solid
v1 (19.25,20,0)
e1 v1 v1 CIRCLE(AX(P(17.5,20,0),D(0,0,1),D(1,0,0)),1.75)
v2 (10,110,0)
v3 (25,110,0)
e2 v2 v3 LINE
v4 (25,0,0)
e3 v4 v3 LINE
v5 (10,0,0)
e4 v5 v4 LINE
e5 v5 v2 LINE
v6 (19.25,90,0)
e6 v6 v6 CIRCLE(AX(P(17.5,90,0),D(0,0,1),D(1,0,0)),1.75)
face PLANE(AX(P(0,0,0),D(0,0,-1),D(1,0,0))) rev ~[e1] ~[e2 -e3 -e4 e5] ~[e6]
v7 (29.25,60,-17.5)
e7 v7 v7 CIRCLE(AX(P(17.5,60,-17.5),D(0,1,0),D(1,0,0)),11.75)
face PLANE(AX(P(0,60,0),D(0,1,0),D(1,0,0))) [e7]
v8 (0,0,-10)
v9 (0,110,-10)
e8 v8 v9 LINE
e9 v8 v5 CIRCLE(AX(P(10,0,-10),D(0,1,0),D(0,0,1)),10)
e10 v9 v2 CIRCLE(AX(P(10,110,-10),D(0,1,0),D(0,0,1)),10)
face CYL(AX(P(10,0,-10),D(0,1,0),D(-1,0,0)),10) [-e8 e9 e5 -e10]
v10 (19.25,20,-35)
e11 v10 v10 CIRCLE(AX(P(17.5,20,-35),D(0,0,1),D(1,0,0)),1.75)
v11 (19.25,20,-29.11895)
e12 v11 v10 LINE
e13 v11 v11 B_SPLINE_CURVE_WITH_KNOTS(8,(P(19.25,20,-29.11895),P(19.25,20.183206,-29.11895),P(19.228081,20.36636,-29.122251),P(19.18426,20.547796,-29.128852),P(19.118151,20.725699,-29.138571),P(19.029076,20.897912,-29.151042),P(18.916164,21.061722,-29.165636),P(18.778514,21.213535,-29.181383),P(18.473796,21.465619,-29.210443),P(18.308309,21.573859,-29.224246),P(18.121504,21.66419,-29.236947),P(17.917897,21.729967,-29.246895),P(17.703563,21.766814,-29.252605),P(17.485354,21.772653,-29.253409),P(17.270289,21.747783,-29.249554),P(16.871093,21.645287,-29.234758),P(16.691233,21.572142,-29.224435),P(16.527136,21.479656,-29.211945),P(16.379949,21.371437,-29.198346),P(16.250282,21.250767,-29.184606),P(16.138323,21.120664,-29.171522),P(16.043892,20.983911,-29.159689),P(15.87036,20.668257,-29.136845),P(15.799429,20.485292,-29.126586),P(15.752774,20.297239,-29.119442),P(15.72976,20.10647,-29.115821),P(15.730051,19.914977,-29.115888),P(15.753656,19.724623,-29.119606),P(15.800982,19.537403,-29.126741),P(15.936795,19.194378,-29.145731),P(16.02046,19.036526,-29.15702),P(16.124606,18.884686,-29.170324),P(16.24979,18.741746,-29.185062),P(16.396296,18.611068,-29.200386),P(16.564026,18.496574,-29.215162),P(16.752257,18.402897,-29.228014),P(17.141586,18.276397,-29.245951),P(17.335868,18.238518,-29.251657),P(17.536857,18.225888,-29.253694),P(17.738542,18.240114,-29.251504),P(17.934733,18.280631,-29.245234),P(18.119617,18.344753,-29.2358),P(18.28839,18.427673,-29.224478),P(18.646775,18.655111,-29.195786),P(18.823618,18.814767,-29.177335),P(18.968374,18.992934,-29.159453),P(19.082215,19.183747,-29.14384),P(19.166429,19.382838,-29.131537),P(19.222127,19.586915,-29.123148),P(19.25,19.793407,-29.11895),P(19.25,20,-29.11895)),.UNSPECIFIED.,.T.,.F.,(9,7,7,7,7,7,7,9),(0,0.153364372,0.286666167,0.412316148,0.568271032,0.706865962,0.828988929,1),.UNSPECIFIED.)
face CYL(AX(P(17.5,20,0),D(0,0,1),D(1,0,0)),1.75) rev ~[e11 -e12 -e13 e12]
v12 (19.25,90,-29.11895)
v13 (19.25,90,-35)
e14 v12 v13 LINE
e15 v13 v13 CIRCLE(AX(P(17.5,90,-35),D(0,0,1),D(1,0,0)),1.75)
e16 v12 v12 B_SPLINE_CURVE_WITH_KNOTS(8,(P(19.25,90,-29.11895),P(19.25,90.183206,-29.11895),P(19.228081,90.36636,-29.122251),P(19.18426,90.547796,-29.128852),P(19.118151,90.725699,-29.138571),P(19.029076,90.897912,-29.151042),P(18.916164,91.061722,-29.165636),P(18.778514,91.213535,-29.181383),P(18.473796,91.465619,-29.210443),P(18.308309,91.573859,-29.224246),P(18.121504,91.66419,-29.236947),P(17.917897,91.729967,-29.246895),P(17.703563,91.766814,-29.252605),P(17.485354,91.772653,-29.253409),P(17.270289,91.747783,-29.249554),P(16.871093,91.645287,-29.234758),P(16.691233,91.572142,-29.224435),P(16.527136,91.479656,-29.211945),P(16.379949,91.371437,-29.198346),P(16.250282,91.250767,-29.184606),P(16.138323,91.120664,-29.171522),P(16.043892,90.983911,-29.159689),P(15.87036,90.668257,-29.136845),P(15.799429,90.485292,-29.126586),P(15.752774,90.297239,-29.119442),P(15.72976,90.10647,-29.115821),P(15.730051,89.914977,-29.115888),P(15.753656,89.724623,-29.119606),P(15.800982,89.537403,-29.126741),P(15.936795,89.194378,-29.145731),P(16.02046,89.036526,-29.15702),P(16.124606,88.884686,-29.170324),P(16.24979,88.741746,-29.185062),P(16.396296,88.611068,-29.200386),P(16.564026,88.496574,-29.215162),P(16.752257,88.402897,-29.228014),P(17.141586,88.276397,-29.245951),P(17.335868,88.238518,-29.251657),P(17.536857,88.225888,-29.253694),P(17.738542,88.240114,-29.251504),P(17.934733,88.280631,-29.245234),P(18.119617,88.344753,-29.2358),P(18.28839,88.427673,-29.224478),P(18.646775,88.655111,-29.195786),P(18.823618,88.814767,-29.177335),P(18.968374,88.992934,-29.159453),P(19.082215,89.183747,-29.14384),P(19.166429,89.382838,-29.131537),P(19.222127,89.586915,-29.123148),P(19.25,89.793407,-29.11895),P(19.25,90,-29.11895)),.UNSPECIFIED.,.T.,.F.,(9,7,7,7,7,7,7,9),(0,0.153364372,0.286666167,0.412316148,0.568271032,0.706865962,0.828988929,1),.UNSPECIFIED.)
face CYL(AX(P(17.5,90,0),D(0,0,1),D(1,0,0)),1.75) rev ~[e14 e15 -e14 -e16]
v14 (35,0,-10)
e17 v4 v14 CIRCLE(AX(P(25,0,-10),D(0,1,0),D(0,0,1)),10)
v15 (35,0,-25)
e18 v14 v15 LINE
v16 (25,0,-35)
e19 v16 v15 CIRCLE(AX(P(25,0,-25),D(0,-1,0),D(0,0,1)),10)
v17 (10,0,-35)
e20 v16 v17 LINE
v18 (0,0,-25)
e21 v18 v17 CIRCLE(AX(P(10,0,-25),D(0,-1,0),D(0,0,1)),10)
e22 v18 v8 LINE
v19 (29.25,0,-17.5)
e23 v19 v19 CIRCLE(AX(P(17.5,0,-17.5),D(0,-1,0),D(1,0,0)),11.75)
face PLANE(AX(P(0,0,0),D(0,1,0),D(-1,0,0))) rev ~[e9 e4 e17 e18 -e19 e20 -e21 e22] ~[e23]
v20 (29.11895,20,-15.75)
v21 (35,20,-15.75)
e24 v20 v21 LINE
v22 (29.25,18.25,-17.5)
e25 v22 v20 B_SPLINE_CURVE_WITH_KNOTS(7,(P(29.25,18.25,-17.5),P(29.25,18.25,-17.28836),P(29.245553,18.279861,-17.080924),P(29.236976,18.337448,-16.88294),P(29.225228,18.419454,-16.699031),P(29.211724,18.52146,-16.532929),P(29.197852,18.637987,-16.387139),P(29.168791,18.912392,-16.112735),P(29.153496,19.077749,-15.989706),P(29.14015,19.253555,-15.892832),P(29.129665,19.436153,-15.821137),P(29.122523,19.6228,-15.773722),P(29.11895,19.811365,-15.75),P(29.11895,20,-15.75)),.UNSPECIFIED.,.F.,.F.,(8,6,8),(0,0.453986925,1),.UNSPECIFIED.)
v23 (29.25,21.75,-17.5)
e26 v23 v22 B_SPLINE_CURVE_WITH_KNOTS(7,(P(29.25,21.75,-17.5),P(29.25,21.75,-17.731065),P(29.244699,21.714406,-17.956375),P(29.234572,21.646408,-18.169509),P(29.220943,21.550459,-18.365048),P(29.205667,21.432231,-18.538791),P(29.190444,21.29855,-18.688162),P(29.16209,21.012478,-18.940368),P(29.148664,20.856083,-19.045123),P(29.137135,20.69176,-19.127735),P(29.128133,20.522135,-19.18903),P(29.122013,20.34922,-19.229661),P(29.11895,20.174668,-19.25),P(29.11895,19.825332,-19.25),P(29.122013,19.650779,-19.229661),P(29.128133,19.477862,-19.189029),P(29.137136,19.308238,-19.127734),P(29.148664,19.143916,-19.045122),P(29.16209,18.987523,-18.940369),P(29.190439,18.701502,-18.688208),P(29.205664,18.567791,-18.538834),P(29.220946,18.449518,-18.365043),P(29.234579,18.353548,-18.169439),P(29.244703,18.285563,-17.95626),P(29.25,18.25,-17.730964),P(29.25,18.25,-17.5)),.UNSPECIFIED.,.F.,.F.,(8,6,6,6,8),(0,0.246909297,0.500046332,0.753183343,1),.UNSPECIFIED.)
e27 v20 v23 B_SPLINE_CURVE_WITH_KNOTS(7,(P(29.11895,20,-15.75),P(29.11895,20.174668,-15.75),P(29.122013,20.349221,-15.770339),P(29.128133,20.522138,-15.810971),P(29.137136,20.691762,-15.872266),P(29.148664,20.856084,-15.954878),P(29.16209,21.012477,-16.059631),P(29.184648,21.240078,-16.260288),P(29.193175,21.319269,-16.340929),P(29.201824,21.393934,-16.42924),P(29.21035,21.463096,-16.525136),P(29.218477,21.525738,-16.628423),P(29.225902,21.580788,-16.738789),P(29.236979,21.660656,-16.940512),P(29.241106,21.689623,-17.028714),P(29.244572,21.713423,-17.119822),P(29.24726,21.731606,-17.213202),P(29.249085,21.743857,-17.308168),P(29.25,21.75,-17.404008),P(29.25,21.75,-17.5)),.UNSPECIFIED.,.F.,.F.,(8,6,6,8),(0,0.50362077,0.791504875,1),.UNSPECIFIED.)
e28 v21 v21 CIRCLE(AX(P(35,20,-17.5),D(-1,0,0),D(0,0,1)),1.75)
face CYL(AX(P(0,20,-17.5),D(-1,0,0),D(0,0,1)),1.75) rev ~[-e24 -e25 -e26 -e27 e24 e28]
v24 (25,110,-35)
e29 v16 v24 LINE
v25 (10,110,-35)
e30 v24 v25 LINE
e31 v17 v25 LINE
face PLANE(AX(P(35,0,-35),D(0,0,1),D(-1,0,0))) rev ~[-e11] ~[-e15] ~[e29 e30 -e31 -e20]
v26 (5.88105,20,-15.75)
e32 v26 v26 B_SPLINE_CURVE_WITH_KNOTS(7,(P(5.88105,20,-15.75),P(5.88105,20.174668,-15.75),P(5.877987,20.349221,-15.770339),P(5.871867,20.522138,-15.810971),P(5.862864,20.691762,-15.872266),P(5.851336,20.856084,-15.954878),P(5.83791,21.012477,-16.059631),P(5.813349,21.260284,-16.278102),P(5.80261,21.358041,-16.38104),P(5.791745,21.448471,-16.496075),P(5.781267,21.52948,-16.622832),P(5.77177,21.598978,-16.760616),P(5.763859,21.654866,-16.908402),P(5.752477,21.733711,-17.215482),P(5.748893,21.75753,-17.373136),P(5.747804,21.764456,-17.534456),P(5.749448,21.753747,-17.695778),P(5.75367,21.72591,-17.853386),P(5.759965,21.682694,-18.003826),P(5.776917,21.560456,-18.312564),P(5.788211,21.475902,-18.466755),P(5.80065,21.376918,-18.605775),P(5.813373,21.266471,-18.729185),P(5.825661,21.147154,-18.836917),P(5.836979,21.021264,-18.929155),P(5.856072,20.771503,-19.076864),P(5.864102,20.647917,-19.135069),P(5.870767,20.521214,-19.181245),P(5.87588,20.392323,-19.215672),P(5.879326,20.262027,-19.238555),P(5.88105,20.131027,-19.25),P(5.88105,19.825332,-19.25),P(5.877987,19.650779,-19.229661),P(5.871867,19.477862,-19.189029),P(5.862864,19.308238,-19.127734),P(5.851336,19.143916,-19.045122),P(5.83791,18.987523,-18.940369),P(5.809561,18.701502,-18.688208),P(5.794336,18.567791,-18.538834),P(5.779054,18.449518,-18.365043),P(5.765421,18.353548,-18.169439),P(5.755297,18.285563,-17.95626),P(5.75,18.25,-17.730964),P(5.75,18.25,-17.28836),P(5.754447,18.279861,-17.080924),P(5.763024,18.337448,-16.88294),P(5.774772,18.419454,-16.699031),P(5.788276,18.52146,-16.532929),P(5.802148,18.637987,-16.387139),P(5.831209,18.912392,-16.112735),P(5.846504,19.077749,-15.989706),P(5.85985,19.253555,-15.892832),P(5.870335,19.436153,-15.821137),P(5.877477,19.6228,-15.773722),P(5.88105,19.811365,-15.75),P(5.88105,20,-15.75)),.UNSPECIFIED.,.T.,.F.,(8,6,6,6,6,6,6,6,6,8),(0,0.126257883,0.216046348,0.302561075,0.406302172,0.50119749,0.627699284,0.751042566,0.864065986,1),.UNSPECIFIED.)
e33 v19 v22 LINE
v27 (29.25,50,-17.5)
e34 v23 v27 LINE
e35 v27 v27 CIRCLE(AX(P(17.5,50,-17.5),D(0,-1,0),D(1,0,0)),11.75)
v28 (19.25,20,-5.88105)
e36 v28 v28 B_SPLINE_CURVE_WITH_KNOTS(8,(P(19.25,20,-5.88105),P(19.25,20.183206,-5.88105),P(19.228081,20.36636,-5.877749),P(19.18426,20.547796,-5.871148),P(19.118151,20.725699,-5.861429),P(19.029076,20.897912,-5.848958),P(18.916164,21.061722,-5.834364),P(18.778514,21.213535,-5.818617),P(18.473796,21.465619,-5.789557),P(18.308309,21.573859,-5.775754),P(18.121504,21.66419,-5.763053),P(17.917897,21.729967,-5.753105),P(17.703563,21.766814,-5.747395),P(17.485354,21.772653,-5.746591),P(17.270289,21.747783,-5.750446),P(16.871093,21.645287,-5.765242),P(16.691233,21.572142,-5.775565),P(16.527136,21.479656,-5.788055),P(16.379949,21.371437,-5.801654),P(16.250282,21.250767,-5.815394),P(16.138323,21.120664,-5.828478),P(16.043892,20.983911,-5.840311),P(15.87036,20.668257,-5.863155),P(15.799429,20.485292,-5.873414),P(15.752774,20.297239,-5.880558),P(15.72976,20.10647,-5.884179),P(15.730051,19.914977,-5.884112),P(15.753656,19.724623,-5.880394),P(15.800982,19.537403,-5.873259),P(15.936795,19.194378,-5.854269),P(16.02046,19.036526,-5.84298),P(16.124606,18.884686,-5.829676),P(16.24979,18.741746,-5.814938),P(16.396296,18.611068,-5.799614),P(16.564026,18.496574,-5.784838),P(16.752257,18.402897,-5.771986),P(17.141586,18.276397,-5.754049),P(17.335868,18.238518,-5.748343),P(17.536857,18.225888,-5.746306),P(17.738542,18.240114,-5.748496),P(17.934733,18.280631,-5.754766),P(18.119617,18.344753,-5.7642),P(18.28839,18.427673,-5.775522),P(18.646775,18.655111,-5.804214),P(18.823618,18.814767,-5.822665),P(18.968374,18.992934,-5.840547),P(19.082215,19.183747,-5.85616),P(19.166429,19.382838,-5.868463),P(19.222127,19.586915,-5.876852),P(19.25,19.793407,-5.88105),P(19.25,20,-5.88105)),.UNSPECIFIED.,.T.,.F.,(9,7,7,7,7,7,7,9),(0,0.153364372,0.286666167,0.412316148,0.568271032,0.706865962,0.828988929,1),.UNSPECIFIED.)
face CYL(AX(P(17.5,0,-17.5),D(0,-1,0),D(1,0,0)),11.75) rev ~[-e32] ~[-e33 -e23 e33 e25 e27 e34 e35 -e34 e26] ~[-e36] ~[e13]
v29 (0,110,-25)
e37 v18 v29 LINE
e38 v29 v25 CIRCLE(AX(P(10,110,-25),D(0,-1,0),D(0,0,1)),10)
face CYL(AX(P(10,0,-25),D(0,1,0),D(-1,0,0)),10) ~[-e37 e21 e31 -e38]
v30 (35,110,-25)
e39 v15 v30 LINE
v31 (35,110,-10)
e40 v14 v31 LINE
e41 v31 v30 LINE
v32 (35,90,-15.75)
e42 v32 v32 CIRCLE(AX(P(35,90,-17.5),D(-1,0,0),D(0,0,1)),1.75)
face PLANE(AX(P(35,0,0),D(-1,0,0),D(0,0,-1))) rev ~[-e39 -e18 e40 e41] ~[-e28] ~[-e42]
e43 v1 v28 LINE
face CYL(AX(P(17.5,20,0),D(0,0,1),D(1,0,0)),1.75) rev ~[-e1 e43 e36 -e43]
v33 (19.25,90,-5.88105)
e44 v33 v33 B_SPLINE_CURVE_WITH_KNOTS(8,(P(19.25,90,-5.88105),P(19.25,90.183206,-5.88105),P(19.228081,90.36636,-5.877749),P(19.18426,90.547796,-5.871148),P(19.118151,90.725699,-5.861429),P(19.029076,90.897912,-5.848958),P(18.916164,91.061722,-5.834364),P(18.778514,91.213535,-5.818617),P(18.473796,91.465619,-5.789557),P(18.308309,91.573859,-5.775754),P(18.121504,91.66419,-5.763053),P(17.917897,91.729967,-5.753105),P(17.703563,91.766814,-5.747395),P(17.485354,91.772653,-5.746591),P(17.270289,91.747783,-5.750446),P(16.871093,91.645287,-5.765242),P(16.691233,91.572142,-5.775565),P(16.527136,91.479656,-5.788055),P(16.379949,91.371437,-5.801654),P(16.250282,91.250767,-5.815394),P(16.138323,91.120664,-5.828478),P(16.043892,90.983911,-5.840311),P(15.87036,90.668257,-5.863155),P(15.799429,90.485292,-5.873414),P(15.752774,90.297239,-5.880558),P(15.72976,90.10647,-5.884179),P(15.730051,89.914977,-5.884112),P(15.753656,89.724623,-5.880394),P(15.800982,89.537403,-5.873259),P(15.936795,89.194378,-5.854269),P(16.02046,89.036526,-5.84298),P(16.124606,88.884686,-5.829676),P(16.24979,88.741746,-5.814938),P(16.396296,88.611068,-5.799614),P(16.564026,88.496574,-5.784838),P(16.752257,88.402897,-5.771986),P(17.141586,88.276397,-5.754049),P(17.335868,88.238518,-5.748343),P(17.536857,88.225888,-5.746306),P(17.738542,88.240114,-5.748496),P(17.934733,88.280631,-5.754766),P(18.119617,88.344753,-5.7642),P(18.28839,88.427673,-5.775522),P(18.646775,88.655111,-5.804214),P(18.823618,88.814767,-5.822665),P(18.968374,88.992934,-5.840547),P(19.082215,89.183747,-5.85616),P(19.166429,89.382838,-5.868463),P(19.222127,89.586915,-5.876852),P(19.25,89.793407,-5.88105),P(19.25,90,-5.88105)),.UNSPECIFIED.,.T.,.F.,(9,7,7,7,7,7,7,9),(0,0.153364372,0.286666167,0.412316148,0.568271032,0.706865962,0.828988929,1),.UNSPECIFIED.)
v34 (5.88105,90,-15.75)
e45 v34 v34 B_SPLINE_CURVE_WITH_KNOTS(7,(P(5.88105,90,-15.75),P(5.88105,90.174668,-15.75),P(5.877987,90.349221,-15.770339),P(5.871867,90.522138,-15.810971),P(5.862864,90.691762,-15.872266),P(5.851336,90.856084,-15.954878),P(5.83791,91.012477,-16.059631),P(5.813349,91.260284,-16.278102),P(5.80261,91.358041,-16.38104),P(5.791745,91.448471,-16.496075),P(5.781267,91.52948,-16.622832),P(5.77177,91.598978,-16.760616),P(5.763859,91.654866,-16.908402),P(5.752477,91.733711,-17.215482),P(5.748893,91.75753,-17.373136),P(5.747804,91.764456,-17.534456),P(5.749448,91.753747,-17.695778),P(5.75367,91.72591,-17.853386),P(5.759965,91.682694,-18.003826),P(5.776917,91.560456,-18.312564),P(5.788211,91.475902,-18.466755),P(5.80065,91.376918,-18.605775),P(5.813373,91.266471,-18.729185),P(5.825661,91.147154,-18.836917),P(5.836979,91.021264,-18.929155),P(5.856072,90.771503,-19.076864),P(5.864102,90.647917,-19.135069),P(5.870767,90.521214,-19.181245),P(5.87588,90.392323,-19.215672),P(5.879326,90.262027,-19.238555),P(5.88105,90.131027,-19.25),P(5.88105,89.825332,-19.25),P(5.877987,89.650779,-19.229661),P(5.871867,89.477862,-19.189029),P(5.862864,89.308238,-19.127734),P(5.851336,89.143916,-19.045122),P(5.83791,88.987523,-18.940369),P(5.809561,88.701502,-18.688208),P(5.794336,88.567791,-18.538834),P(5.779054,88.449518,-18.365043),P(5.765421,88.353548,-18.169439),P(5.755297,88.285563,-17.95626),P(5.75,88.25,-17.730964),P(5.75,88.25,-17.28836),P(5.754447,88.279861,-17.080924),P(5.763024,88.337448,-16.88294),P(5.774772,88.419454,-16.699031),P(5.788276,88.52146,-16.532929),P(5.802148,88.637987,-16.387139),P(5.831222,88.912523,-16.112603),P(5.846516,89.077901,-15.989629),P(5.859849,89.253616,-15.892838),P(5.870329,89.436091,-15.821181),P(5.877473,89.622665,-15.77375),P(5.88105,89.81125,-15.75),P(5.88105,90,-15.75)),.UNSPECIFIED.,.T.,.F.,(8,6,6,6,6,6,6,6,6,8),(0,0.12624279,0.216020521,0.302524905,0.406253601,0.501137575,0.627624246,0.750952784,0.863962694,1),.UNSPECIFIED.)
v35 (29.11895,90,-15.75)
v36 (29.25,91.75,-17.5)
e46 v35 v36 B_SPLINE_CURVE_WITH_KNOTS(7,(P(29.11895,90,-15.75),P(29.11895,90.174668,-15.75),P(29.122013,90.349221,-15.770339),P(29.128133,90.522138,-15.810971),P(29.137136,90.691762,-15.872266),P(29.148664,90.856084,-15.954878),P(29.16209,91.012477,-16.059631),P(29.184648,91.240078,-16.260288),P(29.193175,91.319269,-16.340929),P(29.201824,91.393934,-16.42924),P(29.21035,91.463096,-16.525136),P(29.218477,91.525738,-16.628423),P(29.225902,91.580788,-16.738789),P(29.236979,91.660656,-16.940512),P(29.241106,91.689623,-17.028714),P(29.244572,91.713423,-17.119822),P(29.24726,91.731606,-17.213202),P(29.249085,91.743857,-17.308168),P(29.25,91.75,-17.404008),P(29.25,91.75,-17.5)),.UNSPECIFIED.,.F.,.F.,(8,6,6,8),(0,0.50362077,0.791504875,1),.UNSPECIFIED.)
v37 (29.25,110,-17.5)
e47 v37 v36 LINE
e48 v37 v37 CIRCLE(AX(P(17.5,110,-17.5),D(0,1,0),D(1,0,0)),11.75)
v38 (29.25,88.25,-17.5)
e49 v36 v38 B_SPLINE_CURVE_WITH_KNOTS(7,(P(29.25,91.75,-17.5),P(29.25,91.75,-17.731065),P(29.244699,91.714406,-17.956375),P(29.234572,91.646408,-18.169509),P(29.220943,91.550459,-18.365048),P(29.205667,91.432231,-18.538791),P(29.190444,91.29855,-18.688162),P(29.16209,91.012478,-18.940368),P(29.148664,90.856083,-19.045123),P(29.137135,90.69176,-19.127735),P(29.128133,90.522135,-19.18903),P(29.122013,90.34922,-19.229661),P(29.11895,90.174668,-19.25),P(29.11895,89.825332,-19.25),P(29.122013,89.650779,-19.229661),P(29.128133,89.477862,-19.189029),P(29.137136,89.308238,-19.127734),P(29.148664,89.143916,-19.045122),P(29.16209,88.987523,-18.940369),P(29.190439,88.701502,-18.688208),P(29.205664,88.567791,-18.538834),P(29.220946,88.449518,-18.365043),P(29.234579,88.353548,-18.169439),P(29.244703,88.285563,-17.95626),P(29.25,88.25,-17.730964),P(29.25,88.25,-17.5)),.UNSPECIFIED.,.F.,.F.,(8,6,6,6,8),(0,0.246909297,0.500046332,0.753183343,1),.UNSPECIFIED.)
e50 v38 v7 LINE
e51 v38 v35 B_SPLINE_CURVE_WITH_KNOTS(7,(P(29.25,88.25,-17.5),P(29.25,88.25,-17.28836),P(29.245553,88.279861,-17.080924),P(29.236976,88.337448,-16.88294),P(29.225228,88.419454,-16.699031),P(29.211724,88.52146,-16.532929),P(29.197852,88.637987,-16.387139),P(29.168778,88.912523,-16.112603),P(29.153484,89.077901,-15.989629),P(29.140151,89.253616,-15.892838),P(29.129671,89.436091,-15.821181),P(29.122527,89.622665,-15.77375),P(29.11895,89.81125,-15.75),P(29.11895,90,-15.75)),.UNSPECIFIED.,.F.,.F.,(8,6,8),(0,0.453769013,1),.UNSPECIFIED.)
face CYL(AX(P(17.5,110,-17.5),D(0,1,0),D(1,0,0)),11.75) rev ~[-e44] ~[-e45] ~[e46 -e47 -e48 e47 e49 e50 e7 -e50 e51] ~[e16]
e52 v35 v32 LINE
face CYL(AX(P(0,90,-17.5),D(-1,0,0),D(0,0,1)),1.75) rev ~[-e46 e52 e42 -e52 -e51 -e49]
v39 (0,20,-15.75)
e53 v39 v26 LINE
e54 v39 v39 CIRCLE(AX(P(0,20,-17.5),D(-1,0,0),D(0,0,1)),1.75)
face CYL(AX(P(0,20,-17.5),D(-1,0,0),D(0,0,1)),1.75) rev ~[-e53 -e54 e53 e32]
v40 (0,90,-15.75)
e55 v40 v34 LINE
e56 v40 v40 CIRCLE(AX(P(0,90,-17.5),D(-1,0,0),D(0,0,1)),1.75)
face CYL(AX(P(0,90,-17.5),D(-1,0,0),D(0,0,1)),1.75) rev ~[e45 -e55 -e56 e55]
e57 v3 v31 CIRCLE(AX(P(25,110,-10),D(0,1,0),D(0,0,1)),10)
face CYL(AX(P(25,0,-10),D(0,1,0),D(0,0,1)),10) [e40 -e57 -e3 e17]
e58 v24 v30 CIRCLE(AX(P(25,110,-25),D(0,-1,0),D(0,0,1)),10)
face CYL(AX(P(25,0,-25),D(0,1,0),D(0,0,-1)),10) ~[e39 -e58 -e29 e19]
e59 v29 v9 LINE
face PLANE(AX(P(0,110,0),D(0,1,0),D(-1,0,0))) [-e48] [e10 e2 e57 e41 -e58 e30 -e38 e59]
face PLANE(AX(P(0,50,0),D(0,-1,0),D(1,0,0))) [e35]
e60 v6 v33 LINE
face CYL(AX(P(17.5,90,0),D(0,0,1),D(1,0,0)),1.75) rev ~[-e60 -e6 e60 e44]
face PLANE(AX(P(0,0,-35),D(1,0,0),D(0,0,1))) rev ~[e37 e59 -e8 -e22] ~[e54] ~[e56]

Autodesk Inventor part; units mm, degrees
ref_plane "YZ Plane" through (0, 0, 0) normal (1, 0, 0) x (0, 1, 0)
ref_plane "XZ Plane" through (0, 0, 0) normal (0, 1, 0) x (-1, 0, 0)
ref_plane "XY Plane" through (0, 0, 0) normal (0, 0, 1) x (1, 0, 0)
sketch "Sketch1" plane through (0, 0, 0) normal (0, 1, 0) x (-1, 0, 0)
  line L0 (0, 0) -> (-35, 0)
  line L1 (-35, 0) -> (-35, -35)
  line L2 (-35, -35) -> (0, -35)
  line L3 (0, -35) -> (0, 0)
  dimension "d0" = 35
  dimension "d1" = 35
extrude "Extrusion1" add sketch "Sketch1" along normal blind 110
sketch "Sketch2" plane through (0, 110, 0) normal (0, 1, 0) x (1, 0, 0)
  line L0 (0, 35) -> (0, 0) construction
  line L1 (0, 0) -> (35, 0) construction
  line L2 (0, 35) -> (35, 0) construction
  circle A0 centre (17.5, 17.5) radius 11.75
  dimension "d4" = 23.5
extrude "Extrusion2" cut sketch "Sketch2" against normal blind 50
sketch "Sketch3" plane through (0, 0, 0) normal (0, -1, 0) x (1, 0, 0)
  line L0 (35, -35) -> (0, -35) construction
  line L1 (35, -35) -> (0, 0) construction
  circle A0 centre (17.5, -17.5) radius 11.75
  dimension "d7" = 23.5
extrude "Extrusion3" cut sketch "Sketch3" against normal blind 50
sketch "Sketch4" plane through (0, 0, 0) normal (0, 0, 1) x (1, 0, 0)
  circle A0 centre (17.5, 90) radius 1.75
  line L0 (0, 110) -> (35, 110) projected
  circle A1 centre (17.5, 20) radius 1.75
  line L1 (0, 0) -> (35, 0) projected
  line L2 (0, 0) -> (0, 110) projected
  line L3 (35, 0) -> (35, 110) projected
  dimension "d10" = 3.5
  dimension "d11" = 20
  dimension "d12" = 3.5
  dimension "d13" = 20
  dimension "d24" = 35
  dimension "d25" = 17.5
  dimension "d26" = 17.5
extrude "Extrusion4" cut sketch "Sketch4" against normal blind 36 contours A0 | A1
sketch "Sketch5" plane through (0, 0, -35) normal (-1, 0, 0) x (0, 0, 1)
  circle A0 centre (17.5, 90) radius 1.75
  circle A1 centre (17.5, 20) radius 1.75
  line L0 (0, 110) -> (35, 110) projected
  line L1 (0, 0) -> (35, 0) projected
  line L2 (0, 0) -> (0, 110) projected
  line L3 (35, 0) -> (35, 110) projected
  dimension "d16" = 3.5
  dimension "d17" = 3.5
  dimension "d18" = 20
  dimension "d19" = 20
  dimension "d27" = 35
  dimension "d28" = 17.5
  dimension "d29" = 17.5
extrude "Extrusion5" cut sketch "Sketch5" against normal blind 36 contours A0 | A1
fillet "Fillet1" radius 10 4 edges at (35, 55, 0) (35, 55, -35) (0, 55, -35) (0, 55, 0)
equation "\"d25\" = 0.5 * d24"
equation "\"d26\" = 0.5 * d24"
equation "\"d28\" = 0.5 * d27"
equation "\"d29\" = 0.5 * d27"
properties part number "Rod_Joint_v2"
